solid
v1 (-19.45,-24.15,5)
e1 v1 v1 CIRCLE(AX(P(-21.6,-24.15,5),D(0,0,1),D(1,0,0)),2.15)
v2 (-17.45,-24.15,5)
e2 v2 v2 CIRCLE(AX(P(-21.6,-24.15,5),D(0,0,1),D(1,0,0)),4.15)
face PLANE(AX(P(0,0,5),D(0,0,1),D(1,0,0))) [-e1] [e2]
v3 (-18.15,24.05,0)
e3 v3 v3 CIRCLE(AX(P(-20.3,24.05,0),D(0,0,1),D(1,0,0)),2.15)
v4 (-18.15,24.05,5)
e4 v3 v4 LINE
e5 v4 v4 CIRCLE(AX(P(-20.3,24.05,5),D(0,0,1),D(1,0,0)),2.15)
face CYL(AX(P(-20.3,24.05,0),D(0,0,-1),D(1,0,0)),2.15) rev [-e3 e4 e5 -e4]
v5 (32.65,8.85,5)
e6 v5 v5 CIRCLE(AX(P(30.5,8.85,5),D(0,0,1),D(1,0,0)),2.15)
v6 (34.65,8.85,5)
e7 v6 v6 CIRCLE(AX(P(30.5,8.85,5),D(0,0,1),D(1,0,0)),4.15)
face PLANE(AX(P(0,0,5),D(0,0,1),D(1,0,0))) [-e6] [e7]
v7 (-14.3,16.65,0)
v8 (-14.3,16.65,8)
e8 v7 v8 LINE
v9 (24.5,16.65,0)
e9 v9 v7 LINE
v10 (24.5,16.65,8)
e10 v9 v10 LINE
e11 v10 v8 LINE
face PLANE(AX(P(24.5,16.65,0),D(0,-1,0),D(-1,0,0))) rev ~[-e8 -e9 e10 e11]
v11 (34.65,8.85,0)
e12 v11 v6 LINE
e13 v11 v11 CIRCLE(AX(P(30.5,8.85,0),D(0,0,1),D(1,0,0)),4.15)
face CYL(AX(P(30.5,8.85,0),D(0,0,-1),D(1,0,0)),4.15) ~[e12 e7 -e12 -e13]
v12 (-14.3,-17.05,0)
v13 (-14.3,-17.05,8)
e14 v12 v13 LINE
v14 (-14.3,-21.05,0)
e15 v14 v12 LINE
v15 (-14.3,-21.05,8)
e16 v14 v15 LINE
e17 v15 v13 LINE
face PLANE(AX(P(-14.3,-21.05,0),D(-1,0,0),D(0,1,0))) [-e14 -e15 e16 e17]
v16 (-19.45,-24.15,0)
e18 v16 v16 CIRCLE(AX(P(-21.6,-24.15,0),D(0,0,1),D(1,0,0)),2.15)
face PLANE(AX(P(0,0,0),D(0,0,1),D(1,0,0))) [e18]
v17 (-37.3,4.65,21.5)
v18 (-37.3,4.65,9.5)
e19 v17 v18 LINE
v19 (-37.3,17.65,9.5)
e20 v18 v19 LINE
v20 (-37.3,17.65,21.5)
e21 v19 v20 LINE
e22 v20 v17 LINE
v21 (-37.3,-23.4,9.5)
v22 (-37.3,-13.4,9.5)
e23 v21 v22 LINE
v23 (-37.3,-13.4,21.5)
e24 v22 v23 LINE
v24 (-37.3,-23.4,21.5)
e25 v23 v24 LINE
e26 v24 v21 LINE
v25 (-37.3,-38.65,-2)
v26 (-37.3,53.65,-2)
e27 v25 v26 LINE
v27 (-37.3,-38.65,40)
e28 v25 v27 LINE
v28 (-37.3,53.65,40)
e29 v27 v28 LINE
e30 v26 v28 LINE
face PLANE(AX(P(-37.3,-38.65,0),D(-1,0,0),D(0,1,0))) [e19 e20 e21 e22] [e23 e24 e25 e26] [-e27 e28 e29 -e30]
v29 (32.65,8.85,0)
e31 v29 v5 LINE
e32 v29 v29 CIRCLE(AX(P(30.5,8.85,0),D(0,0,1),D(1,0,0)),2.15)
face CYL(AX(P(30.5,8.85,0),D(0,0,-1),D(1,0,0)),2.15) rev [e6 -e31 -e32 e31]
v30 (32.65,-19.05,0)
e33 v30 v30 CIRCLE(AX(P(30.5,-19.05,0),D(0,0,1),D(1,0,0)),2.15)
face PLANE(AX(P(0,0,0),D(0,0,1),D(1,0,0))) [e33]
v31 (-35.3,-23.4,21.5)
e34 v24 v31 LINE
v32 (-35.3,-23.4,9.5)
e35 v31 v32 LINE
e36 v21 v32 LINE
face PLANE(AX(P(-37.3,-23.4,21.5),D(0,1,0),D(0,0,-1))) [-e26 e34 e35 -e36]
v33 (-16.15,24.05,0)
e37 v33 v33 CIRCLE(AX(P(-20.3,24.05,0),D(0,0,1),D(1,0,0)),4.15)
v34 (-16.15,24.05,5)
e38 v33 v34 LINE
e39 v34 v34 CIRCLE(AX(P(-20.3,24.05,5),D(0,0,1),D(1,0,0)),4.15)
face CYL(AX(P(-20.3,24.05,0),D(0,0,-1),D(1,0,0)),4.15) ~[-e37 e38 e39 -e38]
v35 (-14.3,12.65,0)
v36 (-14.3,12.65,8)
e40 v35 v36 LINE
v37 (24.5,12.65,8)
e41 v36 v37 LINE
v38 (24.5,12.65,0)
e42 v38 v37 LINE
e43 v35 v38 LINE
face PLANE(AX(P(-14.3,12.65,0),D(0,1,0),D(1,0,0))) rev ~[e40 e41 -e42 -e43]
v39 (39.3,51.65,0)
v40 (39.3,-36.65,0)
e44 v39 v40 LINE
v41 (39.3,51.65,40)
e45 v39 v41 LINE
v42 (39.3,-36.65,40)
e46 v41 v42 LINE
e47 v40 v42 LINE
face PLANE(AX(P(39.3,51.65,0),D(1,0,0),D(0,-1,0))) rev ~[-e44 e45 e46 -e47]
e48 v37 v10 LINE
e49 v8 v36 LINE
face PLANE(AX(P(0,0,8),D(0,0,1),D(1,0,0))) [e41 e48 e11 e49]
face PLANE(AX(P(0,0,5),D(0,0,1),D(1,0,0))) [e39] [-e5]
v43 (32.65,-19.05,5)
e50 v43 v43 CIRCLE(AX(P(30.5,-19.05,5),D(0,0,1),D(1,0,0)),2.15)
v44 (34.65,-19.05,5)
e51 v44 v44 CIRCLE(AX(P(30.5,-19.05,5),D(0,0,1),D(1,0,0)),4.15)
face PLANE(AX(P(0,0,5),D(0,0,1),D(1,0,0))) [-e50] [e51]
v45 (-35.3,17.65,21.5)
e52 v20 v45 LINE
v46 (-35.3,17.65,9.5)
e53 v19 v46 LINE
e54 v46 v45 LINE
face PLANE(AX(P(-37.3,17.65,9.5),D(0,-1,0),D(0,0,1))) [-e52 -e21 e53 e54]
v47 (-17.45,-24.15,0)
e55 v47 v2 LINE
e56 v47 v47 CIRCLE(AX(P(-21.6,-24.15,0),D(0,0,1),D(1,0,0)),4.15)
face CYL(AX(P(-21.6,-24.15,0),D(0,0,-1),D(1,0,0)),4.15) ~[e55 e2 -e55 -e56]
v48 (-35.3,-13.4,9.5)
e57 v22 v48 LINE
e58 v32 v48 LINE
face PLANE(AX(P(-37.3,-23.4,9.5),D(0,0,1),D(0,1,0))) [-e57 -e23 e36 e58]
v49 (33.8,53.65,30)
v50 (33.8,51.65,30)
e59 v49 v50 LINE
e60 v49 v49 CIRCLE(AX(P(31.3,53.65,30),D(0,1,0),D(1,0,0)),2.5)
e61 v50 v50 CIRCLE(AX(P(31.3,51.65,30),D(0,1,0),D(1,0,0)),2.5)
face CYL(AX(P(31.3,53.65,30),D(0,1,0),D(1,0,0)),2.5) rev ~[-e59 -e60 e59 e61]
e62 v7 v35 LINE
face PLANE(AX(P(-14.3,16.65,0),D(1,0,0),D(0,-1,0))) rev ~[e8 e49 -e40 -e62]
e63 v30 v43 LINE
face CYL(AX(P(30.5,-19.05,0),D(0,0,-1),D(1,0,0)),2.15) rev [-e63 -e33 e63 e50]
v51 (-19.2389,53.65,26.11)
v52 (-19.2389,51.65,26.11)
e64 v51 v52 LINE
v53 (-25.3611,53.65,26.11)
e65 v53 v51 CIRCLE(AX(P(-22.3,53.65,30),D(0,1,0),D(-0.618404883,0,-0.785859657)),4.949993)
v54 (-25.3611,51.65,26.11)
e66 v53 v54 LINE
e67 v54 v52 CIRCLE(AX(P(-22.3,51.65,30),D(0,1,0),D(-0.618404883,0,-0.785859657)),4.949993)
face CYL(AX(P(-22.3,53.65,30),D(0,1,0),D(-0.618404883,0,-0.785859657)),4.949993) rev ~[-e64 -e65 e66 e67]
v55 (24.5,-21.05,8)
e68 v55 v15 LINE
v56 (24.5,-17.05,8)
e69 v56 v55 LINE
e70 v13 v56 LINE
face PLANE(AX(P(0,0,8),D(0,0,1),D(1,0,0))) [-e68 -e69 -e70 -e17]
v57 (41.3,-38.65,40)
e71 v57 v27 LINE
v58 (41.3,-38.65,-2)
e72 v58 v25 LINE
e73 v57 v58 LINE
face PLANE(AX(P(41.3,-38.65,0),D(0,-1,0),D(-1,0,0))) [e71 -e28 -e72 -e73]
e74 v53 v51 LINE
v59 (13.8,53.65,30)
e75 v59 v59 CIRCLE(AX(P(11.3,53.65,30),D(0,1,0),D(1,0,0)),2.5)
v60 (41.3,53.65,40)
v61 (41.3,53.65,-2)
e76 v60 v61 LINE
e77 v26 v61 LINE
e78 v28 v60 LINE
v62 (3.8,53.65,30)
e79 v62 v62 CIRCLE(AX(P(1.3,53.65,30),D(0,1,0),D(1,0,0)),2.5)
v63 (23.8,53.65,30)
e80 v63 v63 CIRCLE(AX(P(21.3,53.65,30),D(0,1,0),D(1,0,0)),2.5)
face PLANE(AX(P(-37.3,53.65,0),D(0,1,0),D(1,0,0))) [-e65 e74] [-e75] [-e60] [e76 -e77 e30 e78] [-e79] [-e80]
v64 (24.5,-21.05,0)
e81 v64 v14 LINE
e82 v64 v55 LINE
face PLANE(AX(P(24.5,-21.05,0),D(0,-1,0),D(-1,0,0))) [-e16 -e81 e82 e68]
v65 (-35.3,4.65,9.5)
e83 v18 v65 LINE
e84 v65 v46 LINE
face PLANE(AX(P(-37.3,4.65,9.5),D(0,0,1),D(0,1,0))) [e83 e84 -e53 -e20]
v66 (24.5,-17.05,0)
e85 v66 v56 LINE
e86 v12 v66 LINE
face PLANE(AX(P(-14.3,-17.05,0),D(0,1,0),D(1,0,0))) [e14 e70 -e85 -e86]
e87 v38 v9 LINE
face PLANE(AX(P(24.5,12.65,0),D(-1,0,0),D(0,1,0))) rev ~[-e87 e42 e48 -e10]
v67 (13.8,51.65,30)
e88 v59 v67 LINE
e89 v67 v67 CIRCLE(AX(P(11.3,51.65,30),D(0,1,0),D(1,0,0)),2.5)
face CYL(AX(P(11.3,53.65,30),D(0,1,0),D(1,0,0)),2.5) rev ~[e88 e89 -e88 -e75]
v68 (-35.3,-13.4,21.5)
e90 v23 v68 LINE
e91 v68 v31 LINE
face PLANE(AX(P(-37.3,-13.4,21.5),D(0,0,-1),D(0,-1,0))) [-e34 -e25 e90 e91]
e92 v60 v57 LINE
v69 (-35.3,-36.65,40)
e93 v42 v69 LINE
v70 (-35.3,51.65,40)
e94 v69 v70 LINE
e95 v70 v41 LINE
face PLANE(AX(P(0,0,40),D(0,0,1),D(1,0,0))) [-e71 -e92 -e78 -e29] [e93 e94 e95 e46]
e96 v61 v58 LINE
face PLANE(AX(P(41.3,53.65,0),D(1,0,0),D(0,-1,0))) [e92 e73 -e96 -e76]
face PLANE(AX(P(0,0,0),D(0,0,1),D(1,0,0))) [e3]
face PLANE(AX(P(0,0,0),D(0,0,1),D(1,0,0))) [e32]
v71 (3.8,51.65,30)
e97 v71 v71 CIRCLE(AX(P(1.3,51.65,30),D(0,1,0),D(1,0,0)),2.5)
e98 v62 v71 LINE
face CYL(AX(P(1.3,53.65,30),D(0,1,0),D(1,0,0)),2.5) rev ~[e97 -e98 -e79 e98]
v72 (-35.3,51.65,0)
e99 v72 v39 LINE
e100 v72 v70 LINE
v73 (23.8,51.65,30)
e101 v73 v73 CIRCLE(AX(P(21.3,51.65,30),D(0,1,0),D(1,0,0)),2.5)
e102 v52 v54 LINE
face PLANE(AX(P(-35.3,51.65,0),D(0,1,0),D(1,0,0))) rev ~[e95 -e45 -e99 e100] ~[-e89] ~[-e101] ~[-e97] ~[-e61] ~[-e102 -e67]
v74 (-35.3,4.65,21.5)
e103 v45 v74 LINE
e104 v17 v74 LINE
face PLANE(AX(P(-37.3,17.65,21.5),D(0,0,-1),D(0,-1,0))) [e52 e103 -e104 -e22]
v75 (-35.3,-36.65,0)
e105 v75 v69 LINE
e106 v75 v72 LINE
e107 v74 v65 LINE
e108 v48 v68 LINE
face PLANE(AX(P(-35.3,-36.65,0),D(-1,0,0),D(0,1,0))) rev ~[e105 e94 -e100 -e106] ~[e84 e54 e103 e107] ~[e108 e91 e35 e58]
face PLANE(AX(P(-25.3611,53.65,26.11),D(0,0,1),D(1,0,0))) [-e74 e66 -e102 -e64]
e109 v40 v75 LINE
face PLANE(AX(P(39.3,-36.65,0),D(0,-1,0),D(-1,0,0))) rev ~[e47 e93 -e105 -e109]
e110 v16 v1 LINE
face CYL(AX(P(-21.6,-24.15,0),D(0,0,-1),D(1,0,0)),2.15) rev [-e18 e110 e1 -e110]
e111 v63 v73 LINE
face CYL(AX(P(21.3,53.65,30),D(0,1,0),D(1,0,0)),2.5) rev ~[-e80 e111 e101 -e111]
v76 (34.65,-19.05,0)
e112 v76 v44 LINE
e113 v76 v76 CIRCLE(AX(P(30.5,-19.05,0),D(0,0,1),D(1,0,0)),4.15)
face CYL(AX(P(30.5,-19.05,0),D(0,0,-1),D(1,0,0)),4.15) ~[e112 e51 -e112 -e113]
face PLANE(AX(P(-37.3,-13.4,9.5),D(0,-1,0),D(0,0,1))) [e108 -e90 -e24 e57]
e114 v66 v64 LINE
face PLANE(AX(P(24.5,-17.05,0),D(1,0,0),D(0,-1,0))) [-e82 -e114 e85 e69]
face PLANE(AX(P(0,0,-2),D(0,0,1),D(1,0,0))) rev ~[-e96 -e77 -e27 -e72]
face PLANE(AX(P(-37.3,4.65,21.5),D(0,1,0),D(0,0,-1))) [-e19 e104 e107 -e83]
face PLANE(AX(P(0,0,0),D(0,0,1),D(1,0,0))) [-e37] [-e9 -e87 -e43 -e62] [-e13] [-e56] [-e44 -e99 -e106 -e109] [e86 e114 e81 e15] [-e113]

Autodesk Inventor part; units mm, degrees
ref_plane "YZ Plane" through (0, 0, 0) normal (1, 0, 0) x (0, 1, 0)
ref_plane "XZ Plane" through (0, 0, 0) normal (0, 1, 0) x (-1, 0, 0)
ref_plane "XY Plane" through (0, 0, 0) normal (0, 0, 1) x (1, 0, 0)
sketch "Sketch1" plane through (0, 0, 0) normal (0, 0, 1) x (1, 0, 0)
  line L0 (-35.3, 51.65) -> (39.3, 51.65)
  line L1 (39.3, 51.65) -> (39.3, -36.65)
  line L2 (39.3, -36.65) -> (-35.3, -36.65)
  line L3 (-35.3, -36.65) -> (-35.3, 51.65)
  line L4 (-35.3, 51.65) -> (39.3, -36.65) construction
  line L5 (39.3, 51.65) -> (-35.3, -36.65) construction
  line L6 (34.3, 26.65) -> (-34.3, 26.65) construction
  line L7 (-34.3, 26.65) -> (-34.3, -26.65) construction
  line L8 (-34.3, -26.65) -> (34.3, -26.65) construction
  line L9 (34.3, -26.65) -> (34.3, 26.65) construction
  line L10 (34.3, 26.65) -> (-34.3, -26.65) construction
  line L11 (-34.3, 26.65) -> (34.3, -26.65) construction
  circle A0 centre (-20.3, 24.05) radius 1.6 construction
  circle A1 centre (-21.6, -24.15) radius 1.6 construction
  circle A2 centre (30.5, 8.85) radius 1.6 construction
  circle A3 centre (30.5, -19.05) radius 1.6 construction
  line L12 (-37.3, 53.65) -> (41.3, 53.65)
  line L13 (41.3, 53.65) -> (41.3, -38.65)
  line L14 (41.3, -38.65) -> (-37.3, -38.65)
  line L15 (-37.3, -38.65) -> (-37.3, 53.65)
  line L16 (-37.3, 53.65) -> (41.3, -38.65) construction
  line L17 (41.3, 53.65) -> (-37.3, -38.65) construction
  line L18 (30.5, 53.65) -> (30.5, -38.65) construction
  point P0 (0, 0)
  dimension "d82" = 6
  dimension "d0" = 53.3
  dimension "d2" = 68.6
  dimension "d3" = 14
  dimension "d4" = 2.5
  dimension "d5" = 50.8
  dimension "d6" = 27.9
  dimension "d7" = 5.1
  dimension "d8" = 3.2
  dimension "d9" = 25
  dimension "d10" = 1
  dimension "d11" = 2
  dimension "d12" = 2
  dimension "d59" = 5
  dimension "d62" = 10
  dimension "d63" = 2
  dimension "d64" = 2
  dimension "d92" = 15.2
  dimension "d94" = 1.3
extrude "Extrusion1" add sketch "Sketch1" against normal blind 2 contours L0 L1 L2 L3 | L12 L13 L14 L15
extrude "Extrusion2" add sketch "Sketch1" along normal blind 40
sketch "Sketch2" plane through (0, 0, 0) normal (0, 0, 1) x (1, 0, 0)
  circle A0 centre (-21.6, -24.15) radius 1.6 construction
  circle A1 centre (-20.3, 24.05) radius 4.15
  circle A2 centre (-21.6, -24.15) radius 4.15
  circle A3 centre (30.5, -19.05) radius 4.15
  circle A4 centre (30.5, 8.85) radius 4.15
  circle A5 centre (-20.3, 24.05) radius 2.15
  circle A6 centre (30.5, 8.85) radius 2.15
  circle A7 centre (-21.6, -24.15) radius 2.15
  circle A8 centre (30.5, -19.05) radius 2.15
  point P0 (0, 0)
  dimension "d17" = 8.3
  dimension "d19" = 4.3
extrude "Extrusion3" add sketch "Sketch2" along normal blind 5
sketch "Sketch7" plane through (0, 0, 0) normal (0, 0, 1) x (1, 0, 0)
  circle A0 centre (30.5, -19.05) radius 4.15 projected
  circle A1 centre (30.5, 8.85) radius 4.15 projected
  line L0 (-14.3, -17.05) -> (24.5, -17.05)
  line L1 (24.5, -17.05) -> (24.5, -21.05)
  line L2 (24.5, -21.05) -> (-14.3, -21.05)
  line L3 (-14.3, -21.05) -> (-14.3, -17.05)
  line L4 (-34.3, -26.65) -> (34.3, -26.65) construction
  line L5 (34.3, 26.65) -> (-34.3, 26.65) construction
  line L6 (34.3, -26.65) -> (34.3, 26.65) construction
  line L7 (-34.3, 26.65) -> (-34.3, -26.65) construction
  line L8 (24.5, 16.65) -> (-14.3, 16.65)
  line L9 (-14.3, 16.65) -> (-14.3, 12.65)
  line L10 (-14.3, 12.65) -> (24.5, 12.65)
  line L11 (24.5, 12.65) -> (24.5, 16.65)
  point P0 (0, 0)
  point P1 (24.5, -19.05)
  dimension "d79" = 4
  dimension "d80" = 20
  dimension "d81" = 6
  dimension "d82" = 6
  dimension "d83" = 20
  dimension "d86" = 10
  dimension "d87" = 0
extrude "Extrusion7" add sketch "Sketch7" along normal blind 8 contours L0 L1 L2 L3 | L11 L10 L9 L8
sketch "Sketch4" plane through (-37.3, -38.65, -2) normal (-1, 0, 0) x (0, 0, 1)
  line L0 (11.5, 56.3) -> (23.5, 56.3)
  line L1 (23.5, 56.3) -> (23.5, 43.3)
  line L2 (23.5, 43.3) -> (11.5, 43.3)
  line L3 (11.5, 43.3) -> (11.5, 56.3)
  line L4 (11.5, 56.3) -> (23.5, 43.3) construction
  line L5 (23.5, 56.3) -> (11.5, 43.3) construction
  line L6 (23.5, 15.25) -> (11.5, 15.25)
  line L7 (11.5, 15.25) -> (11.5, 25.25)
  line L8 (11.5, 25.25) -> (23.5, 25.25)
  line L9 (23.5, 25.25) -> (23.5, 15.25)
  line L10 (23.5, 15.25) -> (11.5, 25.25) construction
  line L11 (11.5, 15.25) -> (23.5, 25.25) construction
  line L12 (2, 0) -> (2, 92.3) projected
  line L13 (7, 58.55) -> (7, 66.85) projected
  line L14 (10, 21.6) -> (10, 17.6) projected
  line L15 (0, 92.3) -> (42, 92.3) projected
  line L16 (0, 0) -> (0, 92.3) projected
  line L17 (42, 0) -> (0, 0) projected
  line L18 (42, 92.3) -> (42, 0) projected
  point P0 (2, 38.65)
  point P1 (2, 65.3)
  point P2 (2, 65.3)
  point P3 (2, 65.3)
  point P4 (2, 12)
  point P5 (2, 12)
  point P6 (2, 12)
  point P7 (17.5, 49.8)
  point P8 (17.5, 20.25)
  point P9 (2, 107.3)
  dimension "d22" = 13
  dimension "d24" = 12
  dimension "d26" = 9
  dimension "d27" = 12
  dimension "d28" = 10
  dimension "d31" = 3.25
  dimension "d88" = 1.5
  dimension "d90" = 1.5
extrude "Extrusion4" cut sketch "Sketch4" against normal up to surface (2 mm away) contours L0 L1 L2 L3 | L6 L7 L8 L9
sketch "Sketch8" plane through (-37.3, 53.65, -2) normal (0, 1, 0) x (1, 0, 0)
  line L0 (15, -32) -> (15, -28.11) construction
  line L1 (11.9389, -28.11) -> (18.0611, -28.11)
  arc A0 (11.9389, -28.11) -> (18.0611, -28.11) centre (15, -32) ccw
  line L2 (78.6, -42) -> (78.6, 0) construction
  line L3 (0, 0) -> (78.6, 0) construction
  line L4 (0, 0) -> (0, -42) construction
  line L5 (78.6, -42) -> (0, -42) construction
  line L6 (78.6, -42) -> (78.6, 0) construction
  line L7 (78.6, -32) -> (0, -32) construction
  line L8 (0, 0) -> (0, -42) construction
  circle A1 centre (68.6, -32) radius 2.5
  circle A2 centre (58.6, -32) radius 2.5
  circle A3 centre (48.6, -32) radius 2.5
  circle A4 centre (38.6, -32) radius 2.5
  point P0 (37.3, -2)
  dimension "d97" = 9.9
  dimension "d98" = 3.89
  dimension "d99" = 10
  dimension "d100" = 15
  dimension "d101" = 5
  dimension "d104" = 10
  dimension "d109" = 10
extrude "Extrusion8" cut sketch "Sketch8" against normal up to next
properties part number "Arduino SMB-BNC box"
